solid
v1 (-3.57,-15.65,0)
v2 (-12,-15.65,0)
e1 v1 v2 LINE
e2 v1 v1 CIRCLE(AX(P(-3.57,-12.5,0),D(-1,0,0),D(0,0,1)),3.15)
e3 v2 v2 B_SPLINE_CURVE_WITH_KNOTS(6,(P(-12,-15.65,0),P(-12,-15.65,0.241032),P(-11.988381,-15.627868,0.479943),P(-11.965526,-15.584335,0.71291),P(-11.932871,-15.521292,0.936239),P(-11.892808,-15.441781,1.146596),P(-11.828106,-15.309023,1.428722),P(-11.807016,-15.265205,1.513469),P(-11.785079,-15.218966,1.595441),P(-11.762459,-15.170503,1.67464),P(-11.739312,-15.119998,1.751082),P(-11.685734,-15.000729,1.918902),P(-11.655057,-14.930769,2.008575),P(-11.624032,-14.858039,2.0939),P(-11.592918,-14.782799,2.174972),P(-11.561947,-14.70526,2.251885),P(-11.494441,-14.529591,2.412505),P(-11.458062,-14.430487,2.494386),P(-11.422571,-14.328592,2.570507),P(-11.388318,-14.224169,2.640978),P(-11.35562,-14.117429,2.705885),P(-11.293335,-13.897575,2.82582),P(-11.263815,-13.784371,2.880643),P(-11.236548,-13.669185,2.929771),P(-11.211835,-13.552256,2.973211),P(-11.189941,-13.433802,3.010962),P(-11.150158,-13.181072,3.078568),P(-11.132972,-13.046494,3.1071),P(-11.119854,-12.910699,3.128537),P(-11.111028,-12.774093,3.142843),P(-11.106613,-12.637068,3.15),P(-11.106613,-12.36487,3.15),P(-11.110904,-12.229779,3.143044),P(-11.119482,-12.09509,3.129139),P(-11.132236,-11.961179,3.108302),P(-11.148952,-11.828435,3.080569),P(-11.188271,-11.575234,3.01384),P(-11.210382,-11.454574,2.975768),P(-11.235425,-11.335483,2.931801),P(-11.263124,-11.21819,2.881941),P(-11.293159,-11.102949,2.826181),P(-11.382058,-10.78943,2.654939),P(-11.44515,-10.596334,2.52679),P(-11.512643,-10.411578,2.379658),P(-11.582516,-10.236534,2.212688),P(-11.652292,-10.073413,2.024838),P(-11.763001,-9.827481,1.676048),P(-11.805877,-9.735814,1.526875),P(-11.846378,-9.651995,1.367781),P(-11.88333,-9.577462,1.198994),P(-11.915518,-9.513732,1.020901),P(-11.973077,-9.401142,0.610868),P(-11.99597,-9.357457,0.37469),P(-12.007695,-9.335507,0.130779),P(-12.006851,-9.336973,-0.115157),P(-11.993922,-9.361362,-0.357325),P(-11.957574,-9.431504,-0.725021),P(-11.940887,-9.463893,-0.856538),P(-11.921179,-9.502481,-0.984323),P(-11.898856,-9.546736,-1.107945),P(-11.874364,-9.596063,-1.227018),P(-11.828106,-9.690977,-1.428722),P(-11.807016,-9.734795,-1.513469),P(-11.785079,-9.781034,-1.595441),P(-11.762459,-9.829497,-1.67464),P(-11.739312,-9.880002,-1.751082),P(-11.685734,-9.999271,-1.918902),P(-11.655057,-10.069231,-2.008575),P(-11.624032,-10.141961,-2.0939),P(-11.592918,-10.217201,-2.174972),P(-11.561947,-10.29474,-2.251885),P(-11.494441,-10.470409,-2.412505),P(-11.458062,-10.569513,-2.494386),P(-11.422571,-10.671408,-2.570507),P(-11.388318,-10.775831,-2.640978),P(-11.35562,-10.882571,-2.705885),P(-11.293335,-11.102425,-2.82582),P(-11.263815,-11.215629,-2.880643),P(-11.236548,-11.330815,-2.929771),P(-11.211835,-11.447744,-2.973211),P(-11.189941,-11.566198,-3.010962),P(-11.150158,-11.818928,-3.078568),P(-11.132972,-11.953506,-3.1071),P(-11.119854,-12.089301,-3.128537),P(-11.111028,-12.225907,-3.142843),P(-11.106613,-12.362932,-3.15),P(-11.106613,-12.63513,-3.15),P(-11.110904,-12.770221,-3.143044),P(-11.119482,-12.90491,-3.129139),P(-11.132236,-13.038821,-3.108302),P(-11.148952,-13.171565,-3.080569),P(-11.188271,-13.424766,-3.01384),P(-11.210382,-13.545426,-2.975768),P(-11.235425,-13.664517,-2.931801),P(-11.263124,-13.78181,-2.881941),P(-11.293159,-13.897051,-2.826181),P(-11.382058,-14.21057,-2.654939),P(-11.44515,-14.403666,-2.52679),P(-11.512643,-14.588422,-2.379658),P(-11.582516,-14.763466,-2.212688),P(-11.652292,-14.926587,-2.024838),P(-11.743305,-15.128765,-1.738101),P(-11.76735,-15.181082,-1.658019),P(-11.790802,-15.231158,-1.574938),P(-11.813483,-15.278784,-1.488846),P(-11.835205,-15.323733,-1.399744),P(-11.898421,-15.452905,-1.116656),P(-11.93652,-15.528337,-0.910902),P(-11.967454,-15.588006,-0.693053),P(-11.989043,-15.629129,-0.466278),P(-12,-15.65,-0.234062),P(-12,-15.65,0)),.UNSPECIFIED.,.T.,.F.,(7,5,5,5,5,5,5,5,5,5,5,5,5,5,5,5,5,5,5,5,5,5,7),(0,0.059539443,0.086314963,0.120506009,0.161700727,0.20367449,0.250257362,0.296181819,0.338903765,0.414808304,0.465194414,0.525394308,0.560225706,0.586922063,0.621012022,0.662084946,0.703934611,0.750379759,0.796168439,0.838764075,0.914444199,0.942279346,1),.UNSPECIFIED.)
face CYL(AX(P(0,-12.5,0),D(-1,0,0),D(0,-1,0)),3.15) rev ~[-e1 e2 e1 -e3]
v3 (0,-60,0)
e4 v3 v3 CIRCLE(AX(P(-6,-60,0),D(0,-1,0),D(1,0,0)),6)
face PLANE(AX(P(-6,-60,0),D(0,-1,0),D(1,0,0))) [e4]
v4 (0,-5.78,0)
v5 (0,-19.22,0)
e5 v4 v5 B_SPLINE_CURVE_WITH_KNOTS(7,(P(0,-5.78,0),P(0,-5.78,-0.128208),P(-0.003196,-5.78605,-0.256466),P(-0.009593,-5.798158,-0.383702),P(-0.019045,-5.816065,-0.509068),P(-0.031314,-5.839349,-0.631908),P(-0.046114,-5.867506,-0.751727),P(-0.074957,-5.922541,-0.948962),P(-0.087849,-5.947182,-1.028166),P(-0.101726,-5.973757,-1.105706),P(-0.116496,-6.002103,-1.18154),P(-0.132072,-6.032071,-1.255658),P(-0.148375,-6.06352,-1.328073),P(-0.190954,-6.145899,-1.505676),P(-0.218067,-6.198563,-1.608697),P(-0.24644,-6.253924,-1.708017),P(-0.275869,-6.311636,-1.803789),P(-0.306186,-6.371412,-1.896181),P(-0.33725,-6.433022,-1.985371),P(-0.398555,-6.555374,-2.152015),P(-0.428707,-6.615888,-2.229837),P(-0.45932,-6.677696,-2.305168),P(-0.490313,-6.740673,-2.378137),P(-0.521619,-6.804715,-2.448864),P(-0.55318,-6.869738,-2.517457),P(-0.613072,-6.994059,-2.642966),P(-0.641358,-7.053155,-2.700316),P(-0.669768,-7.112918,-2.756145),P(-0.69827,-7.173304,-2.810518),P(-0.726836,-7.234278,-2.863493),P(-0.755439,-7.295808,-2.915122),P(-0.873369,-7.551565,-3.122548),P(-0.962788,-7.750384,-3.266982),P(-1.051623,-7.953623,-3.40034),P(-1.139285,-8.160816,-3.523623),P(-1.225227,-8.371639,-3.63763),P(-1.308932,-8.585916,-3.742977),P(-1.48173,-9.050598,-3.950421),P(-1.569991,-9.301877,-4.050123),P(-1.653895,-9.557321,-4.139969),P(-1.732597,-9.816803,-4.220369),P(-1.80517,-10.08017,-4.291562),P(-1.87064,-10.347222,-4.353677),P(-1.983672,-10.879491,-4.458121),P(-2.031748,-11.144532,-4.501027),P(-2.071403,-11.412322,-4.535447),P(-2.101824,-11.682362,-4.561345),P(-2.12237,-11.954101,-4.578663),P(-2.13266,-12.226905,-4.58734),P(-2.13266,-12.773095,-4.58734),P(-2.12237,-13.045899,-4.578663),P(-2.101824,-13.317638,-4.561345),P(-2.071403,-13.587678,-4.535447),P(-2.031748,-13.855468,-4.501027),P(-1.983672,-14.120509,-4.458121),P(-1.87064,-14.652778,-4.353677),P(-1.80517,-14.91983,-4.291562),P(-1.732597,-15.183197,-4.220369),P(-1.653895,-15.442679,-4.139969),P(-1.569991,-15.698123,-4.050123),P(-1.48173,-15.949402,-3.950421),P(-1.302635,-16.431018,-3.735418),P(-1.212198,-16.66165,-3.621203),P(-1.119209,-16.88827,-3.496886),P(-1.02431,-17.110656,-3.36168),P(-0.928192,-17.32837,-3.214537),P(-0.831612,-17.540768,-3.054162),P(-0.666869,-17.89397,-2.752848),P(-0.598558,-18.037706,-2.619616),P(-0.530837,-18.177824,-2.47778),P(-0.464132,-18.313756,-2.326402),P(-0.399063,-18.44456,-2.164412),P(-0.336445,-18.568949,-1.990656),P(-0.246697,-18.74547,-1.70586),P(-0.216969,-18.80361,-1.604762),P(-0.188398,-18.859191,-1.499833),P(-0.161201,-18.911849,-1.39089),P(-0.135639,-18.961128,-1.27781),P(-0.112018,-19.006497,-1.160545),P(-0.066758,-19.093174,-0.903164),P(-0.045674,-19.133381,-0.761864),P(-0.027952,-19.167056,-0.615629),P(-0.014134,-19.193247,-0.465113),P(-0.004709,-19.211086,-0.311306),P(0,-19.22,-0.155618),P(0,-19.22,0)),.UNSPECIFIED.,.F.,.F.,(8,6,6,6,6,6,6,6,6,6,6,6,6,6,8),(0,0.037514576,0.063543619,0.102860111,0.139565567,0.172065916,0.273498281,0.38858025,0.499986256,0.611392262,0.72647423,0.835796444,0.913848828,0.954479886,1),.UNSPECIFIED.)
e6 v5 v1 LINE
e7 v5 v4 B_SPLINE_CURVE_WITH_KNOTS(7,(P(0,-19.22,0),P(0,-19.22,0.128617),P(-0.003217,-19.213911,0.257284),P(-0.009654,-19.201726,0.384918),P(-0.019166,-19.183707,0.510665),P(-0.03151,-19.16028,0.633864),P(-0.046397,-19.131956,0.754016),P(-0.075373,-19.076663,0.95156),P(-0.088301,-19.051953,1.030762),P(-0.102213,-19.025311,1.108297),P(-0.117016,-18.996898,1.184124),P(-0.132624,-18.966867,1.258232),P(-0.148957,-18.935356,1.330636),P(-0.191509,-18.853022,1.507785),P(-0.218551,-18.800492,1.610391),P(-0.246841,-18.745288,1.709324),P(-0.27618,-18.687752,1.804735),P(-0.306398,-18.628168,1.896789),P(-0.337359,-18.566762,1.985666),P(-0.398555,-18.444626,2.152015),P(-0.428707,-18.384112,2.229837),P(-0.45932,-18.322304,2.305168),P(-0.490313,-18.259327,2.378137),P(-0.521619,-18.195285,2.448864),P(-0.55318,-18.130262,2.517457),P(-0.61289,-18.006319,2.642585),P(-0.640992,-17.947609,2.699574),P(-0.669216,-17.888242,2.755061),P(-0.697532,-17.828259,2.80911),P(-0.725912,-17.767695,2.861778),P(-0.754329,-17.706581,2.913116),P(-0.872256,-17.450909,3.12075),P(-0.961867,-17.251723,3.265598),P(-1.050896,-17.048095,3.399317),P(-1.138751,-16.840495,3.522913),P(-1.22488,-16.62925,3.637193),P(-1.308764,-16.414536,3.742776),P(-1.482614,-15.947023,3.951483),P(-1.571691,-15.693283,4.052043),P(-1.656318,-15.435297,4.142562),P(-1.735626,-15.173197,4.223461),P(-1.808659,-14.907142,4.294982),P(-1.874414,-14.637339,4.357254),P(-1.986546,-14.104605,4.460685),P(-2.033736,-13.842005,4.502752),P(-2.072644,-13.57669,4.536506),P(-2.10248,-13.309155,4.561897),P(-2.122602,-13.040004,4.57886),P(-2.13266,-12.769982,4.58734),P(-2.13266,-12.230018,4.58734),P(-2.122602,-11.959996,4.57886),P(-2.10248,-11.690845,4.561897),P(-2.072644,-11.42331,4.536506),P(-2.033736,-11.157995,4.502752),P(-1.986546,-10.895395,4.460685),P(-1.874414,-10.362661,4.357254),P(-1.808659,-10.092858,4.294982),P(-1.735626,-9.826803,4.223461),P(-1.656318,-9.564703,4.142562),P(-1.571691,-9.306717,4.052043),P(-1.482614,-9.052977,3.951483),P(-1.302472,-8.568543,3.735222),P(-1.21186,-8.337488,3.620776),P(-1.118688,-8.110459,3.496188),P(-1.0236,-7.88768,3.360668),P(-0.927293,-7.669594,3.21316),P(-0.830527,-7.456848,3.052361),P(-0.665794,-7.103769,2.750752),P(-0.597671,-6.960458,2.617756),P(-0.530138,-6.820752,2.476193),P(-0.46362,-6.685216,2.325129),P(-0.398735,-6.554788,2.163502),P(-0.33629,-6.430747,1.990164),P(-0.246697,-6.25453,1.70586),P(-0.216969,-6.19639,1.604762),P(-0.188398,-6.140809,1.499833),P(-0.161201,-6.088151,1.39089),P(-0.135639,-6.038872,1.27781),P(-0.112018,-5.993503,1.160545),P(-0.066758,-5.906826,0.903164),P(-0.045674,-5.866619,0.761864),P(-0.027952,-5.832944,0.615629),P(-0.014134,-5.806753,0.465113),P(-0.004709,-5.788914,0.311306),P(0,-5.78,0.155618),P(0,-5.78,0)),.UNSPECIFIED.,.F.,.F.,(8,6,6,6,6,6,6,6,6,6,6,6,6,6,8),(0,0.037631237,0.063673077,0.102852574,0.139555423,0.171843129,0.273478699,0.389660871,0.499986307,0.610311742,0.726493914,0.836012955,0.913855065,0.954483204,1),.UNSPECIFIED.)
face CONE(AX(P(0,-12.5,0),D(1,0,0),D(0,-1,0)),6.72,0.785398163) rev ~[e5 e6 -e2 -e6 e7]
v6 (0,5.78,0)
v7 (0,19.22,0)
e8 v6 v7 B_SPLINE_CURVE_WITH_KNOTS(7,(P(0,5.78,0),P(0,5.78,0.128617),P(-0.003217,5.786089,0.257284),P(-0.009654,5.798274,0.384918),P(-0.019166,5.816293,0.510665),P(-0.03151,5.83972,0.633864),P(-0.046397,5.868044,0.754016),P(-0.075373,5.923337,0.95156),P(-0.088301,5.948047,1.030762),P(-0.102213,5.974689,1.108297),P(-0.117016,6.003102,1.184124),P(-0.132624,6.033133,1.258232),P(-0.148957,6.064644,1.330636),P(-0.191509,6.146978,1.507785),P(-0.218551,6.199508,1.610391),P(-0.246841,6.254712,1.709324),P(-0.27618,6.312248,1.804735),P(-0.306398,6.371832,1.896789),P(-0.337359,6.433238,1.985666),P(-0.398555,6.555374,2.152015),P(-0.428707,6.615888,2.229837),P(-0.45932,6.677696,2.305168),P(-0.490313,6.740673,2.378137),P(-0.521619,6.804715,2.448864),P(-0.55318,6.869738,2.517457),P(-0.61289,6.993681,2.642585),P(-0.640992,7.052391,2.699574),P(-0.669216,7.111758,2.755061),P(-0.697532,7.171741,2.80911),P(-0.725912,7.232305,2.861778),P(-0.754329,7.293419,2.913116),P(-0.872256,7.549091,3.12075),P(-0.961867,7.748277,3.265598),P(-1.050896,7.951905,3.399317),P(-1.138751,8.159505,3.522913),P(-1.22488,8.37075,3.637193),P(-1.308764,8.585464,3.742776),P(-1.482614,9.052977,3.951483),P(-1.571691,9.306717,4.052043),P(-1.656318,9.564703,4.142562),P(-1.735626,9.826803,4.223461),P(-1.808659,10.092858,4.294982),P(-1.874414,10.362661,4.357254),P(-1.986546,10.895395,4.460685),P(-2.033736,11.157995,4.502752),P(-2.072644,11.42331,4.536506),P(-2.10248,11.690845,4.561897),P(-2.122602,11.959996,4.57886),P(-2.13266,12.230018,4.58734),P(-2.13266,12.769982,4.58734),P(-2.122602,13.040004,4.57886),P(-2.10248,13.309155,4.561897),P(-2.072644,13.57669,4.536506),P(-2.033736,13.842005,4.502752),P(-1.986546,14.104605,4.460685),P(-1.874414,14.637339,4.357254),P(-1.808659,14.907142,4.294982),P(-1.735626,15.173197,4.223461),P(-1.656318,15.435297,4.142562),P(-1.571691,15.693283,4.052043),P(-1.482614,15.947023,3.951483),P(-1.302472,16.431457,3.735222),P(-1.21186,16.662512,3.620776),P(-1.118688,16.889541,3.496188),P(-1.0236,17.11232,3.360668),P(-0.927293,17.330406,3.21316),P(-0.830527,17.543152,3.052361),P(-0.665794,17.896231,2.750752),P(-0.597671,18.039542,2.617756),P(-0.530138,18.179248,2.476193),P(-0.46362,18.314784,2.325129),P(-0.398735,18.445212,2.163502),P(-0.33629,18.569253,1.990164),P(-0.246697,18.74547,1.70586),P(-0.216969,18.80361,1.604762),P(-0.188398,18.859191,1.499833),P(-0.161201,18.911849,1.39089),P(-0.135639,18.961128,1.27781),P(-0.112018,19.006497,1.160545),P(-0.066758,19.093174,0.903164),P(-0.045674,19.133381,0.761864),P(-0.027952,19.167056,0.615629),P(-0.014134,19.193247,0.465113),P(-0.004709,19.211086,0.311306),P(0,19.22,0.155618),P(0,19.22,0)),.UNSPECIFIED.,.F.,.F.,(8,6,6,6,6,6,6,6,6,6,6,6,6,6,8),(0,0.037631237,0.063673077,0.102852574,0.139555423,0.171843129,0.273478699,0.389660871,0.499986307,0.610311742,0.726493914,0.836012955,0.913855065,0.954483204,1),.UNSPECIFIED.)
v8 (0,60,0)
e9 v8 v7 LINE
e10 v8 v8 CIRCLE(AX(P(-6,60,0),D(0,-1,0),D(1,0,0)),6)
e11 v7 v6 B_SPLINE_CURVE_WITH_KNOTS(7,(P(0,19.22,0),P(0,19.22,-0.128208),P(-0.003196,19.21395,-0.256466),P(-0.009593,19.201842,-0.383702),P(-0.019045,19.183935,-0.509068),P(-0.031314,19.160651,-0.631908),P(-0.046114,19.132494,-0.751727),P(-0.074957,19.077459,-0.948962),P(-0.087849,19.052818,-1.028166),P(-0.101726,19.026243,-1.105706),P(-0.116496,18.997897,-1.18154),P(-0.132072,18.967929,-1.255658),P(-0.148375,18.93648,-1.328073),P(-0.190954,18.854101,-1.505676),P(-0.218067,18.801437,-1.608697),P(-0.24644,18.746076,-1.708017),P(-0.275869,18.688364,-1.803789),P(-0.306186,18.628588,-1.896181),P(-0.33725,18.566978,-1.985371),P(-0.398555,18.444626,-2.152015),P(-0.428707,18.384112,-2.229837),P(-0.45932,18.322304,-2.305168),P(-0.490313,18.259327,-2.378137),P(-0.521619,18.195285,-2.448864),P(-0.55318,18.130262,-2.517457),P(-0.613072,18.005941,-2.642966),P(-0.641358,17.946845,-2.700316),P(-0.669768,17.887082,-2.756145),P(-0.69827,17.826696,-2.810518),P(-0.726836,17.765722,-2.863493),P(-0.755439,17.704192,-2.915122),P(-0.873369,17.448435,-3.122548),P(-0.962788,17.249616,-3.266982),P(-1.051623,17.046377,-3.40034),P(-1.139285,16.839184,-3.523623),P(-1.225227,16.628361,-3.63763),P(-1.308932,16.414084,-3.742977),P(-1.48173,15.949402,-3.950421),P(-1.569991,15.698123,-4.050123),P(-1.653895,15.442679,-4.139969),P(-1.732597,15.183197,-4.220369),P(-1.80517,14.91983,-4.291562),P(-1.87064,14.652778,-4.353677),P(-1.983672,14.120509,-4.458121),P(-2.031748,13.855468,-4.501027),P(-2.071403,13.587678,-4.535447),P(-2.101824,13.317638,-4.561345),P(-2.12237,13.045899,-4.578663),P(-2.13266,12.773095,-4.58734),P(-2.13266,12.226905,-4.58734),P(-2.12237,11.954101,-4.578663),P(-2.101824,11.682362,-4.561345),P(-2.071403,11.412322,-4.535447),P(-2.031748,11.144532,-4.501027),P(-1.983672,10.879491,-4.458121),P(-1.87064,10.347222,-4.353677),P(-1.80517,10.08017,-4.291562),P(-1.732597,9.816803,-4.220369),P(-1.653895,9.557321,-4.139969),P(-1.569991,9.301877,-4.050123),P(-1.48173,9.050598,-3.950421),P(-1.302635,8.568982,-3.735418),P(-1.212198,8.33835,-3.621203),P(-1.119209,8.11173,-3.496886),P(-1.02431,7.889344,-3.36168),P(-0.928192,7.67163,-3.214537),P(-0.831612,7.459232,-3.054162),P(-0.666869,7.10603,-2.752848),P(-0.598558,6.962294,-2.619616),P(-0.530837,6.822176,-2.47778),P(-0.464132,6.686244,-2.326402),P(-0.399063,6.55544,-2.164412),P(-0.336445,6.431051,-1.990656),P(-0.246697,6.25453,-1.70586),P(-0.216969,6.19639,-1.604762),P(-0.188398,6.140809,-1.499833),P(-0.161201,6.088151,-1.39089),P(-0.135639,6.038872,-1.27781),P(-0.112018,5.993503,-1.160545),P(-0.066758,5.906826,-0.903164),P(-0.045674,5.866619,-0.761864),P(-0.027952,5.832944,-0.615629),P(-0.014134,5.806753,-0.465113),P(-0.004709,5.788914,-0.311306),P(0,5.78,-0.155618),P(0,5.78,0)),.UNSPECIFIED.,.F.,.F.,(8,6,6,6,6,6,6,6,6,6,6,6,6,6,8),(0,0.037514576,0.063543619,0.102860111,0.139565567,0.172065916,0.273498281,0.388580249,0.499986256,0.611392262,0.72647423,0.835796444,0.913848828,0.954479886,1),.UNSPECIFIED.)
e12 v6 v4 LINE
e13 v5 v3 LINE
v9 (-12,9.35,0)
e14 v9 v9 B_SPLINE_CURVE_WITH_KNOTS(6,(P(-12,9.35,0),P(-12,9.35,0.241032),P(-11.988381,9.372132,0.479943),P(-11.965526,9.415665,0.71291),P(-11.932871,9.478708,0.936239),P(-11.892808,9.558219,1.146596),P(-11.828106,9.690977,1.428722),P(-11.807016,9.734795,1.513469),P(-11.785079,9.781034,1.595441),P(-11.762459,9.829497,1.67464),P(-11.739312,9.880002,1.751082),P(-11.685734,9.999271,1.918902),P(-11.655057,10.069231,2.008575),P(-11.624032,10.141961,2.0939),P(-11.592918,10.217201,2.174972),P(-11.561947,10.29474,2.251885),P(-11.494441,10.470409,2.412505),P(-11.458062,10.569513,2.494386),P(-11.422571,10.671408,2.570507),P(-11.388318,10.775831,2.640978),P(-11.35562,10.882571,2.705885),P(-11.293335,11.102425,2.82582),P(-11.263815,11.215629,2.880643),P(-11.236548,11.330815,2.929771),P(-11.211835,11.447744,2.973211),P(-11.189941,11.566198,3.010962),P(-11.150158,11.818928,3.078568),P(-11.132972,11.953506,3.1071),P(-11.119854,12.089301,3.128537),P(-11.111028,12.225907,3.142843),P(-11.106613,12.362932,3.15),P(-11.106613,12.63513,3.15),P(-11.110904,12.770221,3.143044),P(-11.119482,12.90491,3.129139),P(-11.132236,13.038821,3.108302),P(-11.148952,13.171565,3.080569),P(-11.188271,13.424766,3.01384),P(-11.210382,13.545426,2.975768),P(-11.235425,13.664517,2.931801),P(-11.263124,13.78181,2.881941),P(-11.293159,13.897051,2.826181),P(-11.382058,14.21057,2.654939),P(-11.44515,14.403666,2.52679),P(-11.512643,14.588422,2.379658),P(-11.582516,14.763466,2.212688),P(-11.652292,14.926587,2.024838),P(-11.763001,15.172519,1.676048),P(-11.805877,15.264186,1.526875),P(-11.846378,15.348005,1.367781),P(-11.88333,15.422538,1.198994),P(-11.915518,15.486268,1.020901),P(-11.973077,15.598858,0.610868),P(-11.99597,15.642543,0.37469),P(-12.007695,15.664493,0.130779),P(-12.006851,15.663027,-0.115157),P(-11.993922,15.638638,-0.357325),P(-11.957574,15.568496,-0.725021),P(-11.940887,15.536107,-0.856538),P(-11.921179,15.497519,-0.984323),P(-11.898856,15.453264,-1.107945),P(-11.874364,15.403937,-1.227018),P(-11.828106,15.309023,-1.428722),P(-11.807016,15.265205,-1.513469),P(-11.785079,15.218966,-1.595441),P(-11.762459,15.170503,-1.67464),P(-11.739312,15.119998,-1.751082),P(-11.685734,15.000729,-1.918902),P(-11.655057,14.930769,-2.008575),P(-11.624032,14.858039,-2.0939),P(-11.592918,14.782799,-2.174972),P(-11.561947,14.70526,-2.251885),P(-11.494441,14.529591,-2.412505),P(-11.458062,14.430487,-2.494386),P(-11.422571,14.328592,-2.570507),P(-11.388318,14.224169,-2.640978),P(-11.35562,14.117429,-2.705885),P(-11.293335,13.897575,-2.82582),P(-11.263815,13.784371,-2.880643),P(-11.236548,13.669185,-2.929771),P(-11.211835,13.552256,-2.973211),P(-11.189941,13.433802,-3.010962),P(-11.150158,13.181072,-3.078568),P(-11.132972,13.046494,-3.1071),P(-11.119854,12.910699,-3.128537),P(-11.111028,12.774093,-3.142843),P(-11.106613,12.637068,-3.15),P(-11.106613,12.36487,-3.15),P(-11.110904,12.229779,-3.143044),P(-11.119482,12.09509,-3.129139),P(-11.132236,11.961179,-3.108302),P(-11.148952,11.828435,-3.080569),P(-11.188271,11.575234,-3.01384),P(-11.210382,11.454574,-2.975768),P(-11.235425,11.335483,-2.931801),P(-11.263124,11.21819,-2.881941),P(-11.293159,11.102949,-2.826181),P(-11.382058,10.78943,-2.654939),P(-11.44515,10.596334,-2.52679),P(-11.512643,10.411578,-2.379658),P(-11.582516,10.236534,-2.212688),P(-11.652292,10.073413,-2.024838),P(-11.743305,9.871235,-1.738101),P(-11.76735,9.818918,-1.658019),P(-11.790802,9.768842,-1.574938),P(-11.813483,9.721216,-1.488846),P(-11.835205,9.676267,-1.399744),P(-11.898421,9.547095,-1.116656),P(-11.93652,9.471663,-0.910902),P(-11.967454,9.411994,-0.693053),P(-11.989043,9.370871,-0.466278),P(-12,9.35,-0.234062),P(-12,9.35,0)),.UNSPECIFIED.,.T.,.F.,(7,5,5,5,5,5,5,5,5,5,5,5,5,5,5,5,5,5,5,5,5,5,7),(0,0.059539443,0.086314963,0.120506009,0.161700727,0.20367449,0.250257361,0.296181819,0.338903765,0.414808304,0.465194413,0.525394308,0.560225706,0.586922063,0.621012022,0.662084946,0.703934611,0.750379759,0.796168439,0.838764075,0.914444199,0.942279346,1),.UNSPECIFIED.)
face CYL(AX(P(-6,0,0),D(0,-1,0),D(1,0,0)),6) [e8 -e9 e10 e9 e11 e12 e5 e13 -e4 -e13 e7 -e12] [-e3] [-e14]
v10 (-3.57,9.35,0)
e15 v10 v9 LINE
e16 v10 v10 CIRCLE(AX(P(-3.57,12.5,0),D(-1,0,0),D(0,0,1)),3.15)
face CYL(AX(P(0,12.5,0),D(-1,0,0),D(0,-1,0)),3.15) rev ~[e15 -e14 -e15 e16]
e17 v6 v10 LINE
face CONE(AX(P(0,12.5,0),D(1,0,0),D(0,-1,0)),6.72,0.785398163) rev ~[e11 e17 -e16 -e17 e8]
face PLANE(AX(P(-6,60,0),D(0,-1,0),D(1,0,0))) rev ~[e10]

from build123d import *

# Parameters (mm, degrees)
F0_R           = 6
F1_DEPTH       = 60
F3_D           = 6.3
F3_CSINK_D     = 13.44
F3_CSINK_ANGLE = 90


with BuildPart() as f1:
    # F0 (on Front) → F1 (new body, symmetric)
    with BuildSketch(Plane.XZ):
        with Locations((-6, 0)):
            Circle(F0_R)
    extrude(amount=F1_DEPTH, both=True)

    # F3 (through all)
    with Locations(Plane.YZ):
        with Locations((12.5, 0), (-12.5, 0)):
            CounterSinkHole(F3_D / 2, F3_CSINK_D / 2, counter_sink_angle=F3_CSINK_ANGLE)


solid = f1.part
